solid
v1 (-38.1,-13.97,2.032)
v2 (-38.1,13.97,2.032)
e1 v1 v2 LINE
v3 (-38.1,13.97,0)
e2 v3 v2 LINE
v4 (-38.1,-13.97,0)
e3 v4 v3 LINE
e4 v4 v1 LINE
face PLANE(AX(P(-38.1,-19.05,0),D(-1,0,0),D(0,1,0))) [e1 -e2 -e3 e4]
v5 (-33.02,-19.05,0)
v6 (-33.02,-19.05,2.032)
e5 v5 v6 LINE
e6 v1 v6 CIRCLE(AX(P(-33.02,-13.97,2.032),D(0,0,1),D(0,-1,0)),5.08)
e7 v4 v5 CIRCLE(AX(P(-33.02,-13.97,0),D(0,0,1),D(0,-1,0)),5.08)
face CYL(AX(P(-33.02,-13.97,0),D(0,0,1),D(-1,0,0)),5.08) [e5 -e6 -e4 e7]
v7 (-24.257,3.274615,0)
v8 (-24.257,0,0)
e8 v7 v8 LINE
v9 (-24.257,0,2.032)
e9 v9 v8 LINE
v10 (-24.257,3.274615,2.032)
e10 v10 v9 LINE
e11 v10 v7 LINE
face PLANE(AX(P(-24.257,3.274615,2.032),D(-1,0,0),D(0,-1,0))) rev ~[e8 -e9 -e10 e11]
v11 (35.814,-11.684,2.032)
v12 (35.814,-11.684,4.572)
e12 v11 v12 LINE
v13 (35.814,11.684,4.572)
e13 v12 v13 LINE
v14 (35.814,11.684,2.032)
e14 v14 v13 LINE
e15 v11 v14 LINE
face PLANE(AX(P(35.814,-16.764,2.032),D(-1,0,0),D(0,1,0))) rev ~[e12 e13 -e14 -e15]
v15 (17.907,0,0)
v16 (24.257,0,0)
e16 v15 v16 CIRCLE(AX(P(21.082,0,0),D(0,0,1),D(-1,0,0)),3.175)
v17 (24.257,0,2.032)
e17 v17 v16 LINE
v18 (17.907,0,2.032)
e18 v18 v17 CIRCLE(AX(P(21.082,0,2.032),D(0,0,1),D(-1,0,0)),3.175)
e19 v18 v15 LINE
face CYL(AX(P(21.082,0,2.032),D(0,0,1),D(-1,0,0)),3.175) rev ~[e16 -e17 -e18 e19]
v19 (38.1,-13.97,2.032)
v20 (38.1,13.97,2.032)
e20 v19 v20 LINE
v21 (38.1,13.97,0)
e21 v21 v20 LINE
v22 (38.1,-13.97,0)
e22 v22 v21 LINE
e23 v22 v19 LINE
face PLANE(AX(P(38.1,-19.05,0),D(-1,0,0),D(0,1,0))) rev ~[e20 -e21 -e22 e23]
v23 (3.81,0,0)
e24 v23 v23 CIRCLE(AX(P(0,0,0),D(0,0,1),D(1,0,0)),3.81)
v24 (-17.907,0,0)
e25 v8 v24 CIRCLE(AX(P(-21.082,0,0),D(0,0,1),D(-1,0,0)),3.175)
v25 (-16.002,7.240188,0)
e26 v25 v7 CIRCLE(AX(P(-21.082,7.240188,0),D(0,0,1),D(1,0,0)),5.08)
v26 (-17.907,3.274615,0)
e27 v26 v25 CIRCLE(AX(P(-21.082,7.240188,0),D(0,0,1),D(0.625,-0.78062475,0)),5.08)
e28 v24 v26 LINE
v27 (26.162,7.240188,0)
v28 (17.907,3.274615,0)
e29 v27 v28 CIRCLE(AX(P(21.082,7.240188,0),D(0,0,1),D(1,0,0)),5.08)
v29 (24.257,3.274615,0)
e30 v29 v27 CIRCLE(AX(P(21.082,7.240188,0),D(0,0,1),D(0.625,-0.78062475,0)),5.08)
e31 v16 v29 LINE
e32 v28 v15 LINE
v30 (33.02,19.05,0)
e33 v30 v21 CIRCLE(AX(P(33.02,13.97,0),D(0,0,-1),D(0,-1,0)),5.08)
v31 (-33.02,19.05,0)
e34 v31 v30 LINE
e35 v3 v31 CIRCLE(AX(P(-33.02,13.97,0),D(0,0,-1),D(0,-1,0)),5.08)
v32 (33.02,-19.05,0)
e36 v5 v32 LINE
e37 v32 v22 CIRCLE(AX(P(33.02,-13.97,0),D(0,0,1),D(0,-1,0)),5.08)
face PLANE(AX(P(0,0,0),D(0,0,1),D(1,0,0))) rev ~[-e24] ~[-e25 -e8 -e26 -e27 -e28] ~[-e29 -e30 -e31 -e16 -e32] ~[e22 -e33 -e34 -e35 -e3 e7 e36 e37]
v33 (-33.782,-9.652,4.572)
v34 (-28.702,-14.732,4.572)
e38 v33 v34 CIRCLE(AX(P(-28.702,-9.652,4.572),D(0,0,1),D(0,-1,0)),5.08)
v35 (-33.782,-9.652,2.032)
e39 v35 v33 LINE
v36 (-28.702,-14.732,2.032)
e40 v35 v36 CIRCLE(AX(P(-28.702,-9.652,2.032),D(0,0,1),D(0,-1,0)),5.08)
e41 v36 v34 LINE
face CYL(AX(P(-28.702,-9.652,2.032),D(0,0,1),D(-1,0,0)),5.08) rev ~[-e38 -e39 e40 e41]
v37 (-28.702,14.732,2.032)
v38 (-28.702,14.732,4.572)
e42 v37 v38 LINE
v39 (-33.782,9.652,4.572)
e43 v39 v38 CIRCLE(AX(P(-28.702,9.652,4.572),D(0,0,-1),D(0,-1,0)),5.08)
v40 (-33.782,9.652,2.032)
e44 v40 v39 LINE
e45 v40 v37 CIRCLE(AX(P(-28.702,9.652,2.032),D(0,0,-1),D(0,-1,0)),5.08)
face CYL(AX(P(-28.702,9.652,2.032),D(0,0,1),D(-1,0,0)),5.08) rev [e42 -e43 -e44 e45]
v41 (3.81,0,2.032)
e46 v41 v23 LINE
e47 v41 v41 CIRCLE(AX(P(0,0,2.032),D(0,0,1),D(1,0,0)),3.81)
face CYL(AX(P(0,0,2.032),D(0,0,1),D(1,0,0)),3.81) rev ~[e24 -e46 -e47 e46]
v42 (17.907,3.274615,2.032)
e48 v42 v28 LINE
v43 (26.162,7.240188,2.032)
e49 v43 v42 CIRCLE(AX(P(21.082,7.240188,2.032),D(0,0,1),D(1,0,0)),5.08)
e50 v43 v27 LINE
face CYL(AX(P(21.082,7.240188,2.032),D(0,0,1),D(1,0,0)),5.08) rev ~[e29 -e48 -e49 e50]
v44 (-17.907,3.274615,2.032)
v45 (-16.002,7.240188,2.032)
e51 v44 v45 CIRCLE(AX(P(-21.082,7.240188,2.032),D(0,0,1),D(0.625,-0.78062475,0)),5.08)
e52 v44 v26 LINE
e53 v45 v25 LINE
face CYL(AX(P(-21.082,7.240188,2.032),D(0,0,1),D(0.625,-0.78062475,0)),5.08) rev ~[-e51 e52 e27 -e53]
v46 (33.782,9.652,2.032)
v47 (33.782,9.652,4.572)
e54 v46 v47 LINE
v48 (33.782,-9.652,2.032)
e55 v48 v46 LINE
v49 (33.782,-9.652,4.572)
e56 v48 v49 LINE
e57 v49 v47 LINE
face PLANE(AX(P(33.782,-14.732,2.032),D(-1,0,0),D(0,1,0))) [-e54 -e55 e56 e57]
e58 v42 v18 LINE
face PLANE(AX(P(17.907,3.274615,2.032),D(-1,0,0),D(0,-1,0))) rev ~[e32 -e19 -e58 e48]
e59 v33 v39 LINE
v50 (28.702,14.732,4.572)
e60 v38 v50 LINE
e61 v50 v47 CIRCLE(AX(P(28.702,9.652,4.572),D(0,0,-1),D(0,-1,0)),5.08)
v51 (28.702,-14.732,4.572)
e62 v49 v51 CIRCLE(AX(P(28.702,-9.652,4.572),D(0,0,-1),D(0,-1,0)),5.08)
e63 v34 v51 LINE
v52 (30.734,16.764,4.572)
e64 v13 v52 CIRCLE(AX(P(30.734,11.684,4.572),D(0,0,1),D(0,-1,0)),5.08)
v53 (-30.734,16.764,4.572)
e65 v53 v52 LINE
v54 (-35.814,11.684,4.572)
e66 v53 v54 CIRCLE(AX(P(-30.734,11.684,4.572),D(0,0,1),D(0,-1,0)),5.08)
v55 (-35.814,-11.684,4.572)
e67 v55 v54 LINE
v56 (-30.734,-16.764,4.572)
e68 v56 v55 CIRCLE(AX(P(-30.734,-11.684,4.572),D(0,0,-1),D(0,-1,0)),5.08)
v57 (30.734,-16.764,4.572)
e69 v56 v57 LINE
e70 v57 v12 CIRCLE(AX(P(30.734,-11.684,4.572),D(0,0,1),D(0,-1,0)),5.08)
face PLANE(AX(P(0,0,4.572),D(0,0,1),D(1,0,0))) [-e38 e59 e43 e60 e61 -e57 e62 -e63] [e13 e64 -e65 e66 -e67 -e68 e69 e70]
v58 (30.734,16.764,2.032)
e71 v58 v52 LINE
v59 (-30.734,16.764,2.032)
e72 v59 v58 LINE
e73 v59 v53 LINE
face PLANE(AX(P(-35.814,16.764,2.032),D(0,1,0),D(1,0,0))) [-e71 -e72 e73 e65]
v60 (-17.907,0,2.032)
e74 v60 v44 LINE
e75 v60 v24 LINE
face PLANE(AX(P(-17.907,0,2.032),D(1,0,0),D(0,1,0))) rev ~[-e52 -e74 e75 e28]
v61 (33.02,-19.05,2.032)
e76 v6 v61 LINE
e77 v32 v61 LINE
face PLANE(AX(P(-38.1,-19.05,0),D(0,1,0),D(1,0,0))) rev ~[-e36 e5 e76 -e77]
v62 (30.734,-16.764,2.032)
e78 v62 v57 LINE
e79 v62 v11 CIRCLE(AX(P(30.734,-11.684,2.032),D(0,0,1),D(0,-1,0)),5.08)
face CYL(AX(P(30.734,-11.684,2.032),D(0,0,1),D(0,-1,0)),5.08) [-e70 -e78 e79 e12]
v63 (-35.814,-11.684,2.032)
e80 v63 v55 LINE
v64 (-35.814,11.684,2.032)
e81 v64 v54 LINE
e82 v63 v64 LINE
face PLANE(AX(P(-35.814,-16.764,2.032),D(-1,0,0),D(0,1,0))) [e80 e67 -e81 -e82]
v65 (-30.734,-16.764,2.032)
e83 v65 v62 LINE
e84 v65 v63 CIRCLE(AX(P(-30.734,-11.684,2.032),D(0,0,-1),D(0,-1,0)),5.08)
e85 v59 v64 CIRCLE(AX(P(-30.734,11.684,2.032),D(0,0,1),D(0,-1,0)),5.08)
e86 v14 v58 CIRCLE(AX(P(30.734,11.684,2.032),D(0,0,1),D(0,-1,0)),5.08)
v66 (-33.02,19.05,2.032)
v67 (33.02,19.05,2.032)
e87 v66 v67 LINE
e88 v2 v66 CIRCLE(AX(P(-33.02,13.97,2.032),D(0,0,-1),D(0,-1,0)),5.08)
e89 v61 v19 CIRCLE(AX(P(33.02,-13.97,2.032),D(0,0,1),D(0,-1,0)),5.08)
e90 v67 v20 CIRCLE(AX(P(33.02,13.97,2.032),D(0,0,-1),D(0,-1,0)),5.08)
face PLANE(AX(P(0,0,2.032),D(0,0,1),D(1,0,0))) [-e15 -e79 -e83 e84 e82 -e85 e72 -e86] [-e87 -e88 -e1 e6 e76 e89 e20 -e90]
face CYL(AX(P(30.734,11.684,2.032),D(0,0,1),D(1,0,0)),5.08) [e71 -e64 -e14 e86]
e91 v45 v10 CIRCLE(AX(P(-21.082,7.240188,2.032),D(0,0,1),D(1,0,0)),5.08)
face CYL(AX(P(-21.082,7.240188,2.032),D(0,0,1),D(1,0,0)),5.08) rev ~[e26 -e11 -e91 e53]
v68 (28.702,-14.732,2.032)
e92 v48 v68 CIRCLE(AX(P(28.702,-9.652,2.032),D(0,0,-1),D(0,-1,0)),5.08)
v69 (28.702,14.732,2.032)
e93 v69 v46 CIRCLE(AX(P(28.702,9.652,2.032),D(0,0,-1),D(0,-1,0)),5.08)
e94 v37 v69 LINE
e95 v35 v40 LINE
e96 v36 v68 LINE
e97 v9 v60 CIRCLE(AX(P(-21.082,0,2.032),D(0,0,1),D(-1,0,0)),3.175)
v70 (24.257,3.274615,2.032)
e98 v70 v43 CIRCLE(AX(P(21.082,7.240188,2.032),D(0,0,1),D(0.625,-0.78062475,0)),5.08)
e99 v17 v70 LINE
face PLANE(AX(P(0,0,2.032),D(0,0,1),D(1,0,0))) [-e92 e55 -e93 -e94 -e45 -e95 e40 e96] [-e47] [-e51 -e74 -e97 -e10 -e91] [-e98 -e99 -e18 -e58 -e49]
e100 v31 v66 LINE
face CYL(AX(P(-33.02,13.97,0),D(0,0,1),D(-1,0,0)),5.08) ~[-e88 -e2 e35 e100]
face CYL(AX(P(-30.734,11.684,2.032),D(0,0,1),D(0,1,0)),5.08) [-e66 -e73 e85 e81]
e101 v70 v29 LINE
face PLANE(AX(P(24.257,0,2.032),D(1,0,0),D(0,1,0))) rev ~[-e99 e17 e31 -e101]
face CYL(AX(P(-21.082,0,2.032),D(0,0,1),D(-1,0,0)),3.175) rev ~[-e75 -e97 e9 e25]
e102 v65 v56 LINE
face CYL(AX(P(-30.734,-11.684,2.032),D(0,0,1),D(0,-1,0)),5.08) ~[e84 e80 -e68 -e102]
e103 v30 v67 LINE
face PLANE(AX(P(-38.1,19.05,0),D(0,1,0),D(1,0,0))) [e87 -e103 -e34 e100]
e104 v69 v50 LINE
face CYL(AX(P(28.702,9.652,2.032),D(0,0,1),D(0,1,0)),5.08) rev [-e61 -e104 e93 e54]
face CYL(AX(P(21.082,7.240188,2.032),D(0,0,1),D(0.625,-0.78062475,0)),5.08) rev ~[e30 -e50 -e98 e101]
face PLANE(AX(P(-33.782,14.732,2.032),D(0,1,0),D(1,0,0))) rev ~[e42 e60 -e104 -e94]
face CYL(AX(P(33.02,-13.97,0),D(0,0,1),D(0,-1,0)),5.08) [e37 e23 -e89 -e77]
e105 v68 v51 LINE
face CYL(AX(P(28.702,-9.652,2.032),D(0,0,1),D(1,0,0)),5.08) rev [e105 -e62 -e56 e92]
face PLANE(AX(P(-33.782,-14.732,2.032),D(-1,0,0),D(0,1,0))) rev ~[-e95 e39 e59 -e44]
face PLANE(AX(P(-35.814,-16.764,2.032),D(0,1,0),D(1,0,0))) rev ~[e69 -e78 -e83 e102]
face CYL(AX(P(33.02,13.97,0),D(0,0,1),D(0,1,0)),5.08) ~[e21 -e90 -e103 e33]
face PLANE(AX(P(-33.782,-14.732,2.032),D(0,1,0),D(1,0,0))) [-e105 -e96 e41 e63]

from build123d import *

# Parameters (mm, degrees)
F0_W     = 76.2
F0_H     = 38.1
F1_DEPTH = 2.032
F2_R     = 3.81
F3_DEPTH = 25.4
F2_W     = 71.628
F2_H     = 33.528
F2_W_2   = 67.564
F2_H_2   = 29.464
F4_DEPTH = 2.54
F5_R     = 5.08
F7_DEPTH = 25.4
F8_DEPTH = 25.4


with BuildPart() as f1:
    # F0 (on Top) → F1 (new body)
    with BuildSketch(Plane.XY):
        Rectangle(F0_W, F0_H)
    extrude(amount=F1_DEPTH)

    # F2 (on face) → F3 (cut)
    with BuildSketch(Plane.XY.offset(2.032)):
        Circle(F2_R)
    extrude(amount=-F3_DEPTH, mode=Mode.SUBTRACT)

    # F2 (on face) → F4 (join)
    with BuildSketch(Plane.XY.offset(2.032)):
        Rectangle(F2_W, F2_H)
        Rectangle(F2_W_2, F2_H_2, mode=Mode.SUBTRACT)
    extrude(amount=F4_DEPTH)

    # F5
    f5_edges = [f1.edges().sort_by_distance(p)[0] for p in [
        (-33.782, 14.732, 3.302),
        (-33.782, -14.732, 3.302),
        (33.782, -14.732, 3.302),
        (33.782, 14.732, 3.302),
        (-35.814, -16.764, 3.302),
        (-38.1, -19.05, 1.016),
        (38.1, -19.05, 1.016),
        (35.814, -16.764, 3.302),
        (38.1, 19.05, 1.016),
        (35.814, 16.764, 3.302),
        (-35.814, 16.764, 3.302),
        (-38.1, 19.05, 1.016),
    ]]
    fillet(f5_edges, radius=F5_R)

    # F6 (on face) → F7 (cut)
    with BuildSketch(Plane.XY.offset(2.032)):
        with BuildLine():
            ThreePointArc((22.9948570038, 2.5340882153), (21.082, 3.175), (19.1691429962, 2.5340882153))
            ThreePointArc((19.1691429962, 2.5340882153), (21.082, 2.1601883081), (22.9948570038, 2.5340882153))
        make_face()
        with BuildLine():
            ThreePointArc((19.1691429962, 2.5340882153), (18.2399984177, 1.4155041527), (17.907, 0))
            ThreePointArc((17.907, 0), (21.082, -3.175), (24.257, 0))
            ThreePointArc((24.257, 0), (23.9240015823, 1.4155041527), (22.9948570038, 2.5340882153))
            ThreePointArc((22.9948570038, 2.5340882153), (21.082, 2.1601883081), (19.1691429962, 2.5340882153))
        make_face()
        with BuildLine():
            ThreePointArc((17.907, 3.2746145791), (18.511267216, 2.8586665458), (19.1691429962, 2.5340882153))
            ThreePointArc((19.1691429962, 2.5340882153), (21.082, 3.175), (22.9948570038, 2.5340882153))
            ThreePointArc((22.9948570038, 2.5340882153), (23.652732784, 2.8586665458), (24.257, 3.2746145791))
            ThreePointArc((24.257, 3.2746145791), (25.6610501198, 5.0404837824), (26.162, 7.2401883081))
            ThreePointArc((26.162, 7.2401883081), (18.8822954744, 11.8192384279), (17.907, 3.2746145791))
        make_face()
        with BuildLine():
            Line((17.907, 3.2746145791), (17.907, 0))
            ThreePointArc((17.907, 0), (18.2399984177, 1.4155041527), (19.1691429962, 2.5340882153))
            ThreePointArc((19.1691429962, 2.5340882153), (18.511267216, 2.8586665458), (17.907, 3.2746145791))
        make_face()
        with BuildLine():
            ThreePointArc((22.9948570038, 2.5340882153), (23.9240015823, 1.4155041527), (24.257, 0))
            Line((24.257, 0), (24.257, 3.2746145791))
            ThreePointArc((24.257, 3.2746145791), (23.652732784, 2.8586665458), (22.9948570038, 2.5340882153))
        make_face()
    extrude(amount=-F7_DEPTH, mode=Mode.SUBTRACT)

    # F6 (on face) → F8 (cut)
    with BuildSketch(Plane.XY.offset(2.032)):
        with BuildLine():
            ThreePointArc((-24.257, 3.2746145791), (-23.652732784, 2.8586665458), (-22.9948570038, 2.5340882153))
            ThreePointArc((-22.9948570038, 2.5340882153), (-21.082, 3.175), (-19.1691429962, 2.5340882153))
            ThreePointArc((-19.1691429962, 2.5340882153), (-18.511267216, 2.8586665458), (-17.907, 3.2746145791))
            ThreePointArc((-17.907, 3.2746145791), (-16.5029498802, 5.0404837824), (-16.002, 7.2401883081))
            ThreePointArc((-16.002, 7.2401883081), (-23.2817045256, 11.8192384279), (-24.257, 3.2746145791))
        make_face()
        with BuildLine():
            ThreePointArc((-22.9948570038, 2.5340882153), (-23.9240015823, 1.4155041527), (-24.257, 0))
            ThreePointArc((-24.257, 0), (-21.082, -3.175), (-17.907, 0))
            ThreePointArc((-17.907, 0), (-18.2399984177, 1.4155041527), (-19.1691429962, 2.5340882153))
            ThreePointArc((-19.1691429962, 2.5340882153), (-21.082, 2.1601883081), (-22.9948570038, 2.5340882153))
        make_face()
        with BuildLine():
            Line((-24.257, 3.2746145791), (-24.257, 0))
            ThreePointArc((-24.257, 0), (-23.9240015823, 1.4155041527), (-22.9948570038, 2.5340882153))
            ThreePointArc((-22.9948570038, 2.5340882153), (-23.652732784, 2.8586665458), (-24.257, 3.2746145791))
        make_face()
        with BuildLine():
            ThreePointArc((-19.1691429962, 2.5340882153), (-21.082, 3.175), (-22.9948570038, 2.5340882153))
            ThreePointArc((-22.9948570038, 2.5340882153), (-21.082, 2.1601883081), (-19.1691429962, 2.5340882153))
        make_face()
        with BuildLine():
            ThreePointArc((-19.1691429962, 2.5340882153), (-18.2399984177, 1.4155041527), (-17.907, 0))
            Line((-17.907, 0), (-17.907, 3.2746145791))
            ThreePointArc((-17.907, 3.2746145791), (-18.511267216, 2.8586665458), (-19.1691429962, 2.5340882153))
        make_face()
    extrude(amount=-F8_DEPTH, mode=Mode.SUBTRACT)


solid = f1.part
